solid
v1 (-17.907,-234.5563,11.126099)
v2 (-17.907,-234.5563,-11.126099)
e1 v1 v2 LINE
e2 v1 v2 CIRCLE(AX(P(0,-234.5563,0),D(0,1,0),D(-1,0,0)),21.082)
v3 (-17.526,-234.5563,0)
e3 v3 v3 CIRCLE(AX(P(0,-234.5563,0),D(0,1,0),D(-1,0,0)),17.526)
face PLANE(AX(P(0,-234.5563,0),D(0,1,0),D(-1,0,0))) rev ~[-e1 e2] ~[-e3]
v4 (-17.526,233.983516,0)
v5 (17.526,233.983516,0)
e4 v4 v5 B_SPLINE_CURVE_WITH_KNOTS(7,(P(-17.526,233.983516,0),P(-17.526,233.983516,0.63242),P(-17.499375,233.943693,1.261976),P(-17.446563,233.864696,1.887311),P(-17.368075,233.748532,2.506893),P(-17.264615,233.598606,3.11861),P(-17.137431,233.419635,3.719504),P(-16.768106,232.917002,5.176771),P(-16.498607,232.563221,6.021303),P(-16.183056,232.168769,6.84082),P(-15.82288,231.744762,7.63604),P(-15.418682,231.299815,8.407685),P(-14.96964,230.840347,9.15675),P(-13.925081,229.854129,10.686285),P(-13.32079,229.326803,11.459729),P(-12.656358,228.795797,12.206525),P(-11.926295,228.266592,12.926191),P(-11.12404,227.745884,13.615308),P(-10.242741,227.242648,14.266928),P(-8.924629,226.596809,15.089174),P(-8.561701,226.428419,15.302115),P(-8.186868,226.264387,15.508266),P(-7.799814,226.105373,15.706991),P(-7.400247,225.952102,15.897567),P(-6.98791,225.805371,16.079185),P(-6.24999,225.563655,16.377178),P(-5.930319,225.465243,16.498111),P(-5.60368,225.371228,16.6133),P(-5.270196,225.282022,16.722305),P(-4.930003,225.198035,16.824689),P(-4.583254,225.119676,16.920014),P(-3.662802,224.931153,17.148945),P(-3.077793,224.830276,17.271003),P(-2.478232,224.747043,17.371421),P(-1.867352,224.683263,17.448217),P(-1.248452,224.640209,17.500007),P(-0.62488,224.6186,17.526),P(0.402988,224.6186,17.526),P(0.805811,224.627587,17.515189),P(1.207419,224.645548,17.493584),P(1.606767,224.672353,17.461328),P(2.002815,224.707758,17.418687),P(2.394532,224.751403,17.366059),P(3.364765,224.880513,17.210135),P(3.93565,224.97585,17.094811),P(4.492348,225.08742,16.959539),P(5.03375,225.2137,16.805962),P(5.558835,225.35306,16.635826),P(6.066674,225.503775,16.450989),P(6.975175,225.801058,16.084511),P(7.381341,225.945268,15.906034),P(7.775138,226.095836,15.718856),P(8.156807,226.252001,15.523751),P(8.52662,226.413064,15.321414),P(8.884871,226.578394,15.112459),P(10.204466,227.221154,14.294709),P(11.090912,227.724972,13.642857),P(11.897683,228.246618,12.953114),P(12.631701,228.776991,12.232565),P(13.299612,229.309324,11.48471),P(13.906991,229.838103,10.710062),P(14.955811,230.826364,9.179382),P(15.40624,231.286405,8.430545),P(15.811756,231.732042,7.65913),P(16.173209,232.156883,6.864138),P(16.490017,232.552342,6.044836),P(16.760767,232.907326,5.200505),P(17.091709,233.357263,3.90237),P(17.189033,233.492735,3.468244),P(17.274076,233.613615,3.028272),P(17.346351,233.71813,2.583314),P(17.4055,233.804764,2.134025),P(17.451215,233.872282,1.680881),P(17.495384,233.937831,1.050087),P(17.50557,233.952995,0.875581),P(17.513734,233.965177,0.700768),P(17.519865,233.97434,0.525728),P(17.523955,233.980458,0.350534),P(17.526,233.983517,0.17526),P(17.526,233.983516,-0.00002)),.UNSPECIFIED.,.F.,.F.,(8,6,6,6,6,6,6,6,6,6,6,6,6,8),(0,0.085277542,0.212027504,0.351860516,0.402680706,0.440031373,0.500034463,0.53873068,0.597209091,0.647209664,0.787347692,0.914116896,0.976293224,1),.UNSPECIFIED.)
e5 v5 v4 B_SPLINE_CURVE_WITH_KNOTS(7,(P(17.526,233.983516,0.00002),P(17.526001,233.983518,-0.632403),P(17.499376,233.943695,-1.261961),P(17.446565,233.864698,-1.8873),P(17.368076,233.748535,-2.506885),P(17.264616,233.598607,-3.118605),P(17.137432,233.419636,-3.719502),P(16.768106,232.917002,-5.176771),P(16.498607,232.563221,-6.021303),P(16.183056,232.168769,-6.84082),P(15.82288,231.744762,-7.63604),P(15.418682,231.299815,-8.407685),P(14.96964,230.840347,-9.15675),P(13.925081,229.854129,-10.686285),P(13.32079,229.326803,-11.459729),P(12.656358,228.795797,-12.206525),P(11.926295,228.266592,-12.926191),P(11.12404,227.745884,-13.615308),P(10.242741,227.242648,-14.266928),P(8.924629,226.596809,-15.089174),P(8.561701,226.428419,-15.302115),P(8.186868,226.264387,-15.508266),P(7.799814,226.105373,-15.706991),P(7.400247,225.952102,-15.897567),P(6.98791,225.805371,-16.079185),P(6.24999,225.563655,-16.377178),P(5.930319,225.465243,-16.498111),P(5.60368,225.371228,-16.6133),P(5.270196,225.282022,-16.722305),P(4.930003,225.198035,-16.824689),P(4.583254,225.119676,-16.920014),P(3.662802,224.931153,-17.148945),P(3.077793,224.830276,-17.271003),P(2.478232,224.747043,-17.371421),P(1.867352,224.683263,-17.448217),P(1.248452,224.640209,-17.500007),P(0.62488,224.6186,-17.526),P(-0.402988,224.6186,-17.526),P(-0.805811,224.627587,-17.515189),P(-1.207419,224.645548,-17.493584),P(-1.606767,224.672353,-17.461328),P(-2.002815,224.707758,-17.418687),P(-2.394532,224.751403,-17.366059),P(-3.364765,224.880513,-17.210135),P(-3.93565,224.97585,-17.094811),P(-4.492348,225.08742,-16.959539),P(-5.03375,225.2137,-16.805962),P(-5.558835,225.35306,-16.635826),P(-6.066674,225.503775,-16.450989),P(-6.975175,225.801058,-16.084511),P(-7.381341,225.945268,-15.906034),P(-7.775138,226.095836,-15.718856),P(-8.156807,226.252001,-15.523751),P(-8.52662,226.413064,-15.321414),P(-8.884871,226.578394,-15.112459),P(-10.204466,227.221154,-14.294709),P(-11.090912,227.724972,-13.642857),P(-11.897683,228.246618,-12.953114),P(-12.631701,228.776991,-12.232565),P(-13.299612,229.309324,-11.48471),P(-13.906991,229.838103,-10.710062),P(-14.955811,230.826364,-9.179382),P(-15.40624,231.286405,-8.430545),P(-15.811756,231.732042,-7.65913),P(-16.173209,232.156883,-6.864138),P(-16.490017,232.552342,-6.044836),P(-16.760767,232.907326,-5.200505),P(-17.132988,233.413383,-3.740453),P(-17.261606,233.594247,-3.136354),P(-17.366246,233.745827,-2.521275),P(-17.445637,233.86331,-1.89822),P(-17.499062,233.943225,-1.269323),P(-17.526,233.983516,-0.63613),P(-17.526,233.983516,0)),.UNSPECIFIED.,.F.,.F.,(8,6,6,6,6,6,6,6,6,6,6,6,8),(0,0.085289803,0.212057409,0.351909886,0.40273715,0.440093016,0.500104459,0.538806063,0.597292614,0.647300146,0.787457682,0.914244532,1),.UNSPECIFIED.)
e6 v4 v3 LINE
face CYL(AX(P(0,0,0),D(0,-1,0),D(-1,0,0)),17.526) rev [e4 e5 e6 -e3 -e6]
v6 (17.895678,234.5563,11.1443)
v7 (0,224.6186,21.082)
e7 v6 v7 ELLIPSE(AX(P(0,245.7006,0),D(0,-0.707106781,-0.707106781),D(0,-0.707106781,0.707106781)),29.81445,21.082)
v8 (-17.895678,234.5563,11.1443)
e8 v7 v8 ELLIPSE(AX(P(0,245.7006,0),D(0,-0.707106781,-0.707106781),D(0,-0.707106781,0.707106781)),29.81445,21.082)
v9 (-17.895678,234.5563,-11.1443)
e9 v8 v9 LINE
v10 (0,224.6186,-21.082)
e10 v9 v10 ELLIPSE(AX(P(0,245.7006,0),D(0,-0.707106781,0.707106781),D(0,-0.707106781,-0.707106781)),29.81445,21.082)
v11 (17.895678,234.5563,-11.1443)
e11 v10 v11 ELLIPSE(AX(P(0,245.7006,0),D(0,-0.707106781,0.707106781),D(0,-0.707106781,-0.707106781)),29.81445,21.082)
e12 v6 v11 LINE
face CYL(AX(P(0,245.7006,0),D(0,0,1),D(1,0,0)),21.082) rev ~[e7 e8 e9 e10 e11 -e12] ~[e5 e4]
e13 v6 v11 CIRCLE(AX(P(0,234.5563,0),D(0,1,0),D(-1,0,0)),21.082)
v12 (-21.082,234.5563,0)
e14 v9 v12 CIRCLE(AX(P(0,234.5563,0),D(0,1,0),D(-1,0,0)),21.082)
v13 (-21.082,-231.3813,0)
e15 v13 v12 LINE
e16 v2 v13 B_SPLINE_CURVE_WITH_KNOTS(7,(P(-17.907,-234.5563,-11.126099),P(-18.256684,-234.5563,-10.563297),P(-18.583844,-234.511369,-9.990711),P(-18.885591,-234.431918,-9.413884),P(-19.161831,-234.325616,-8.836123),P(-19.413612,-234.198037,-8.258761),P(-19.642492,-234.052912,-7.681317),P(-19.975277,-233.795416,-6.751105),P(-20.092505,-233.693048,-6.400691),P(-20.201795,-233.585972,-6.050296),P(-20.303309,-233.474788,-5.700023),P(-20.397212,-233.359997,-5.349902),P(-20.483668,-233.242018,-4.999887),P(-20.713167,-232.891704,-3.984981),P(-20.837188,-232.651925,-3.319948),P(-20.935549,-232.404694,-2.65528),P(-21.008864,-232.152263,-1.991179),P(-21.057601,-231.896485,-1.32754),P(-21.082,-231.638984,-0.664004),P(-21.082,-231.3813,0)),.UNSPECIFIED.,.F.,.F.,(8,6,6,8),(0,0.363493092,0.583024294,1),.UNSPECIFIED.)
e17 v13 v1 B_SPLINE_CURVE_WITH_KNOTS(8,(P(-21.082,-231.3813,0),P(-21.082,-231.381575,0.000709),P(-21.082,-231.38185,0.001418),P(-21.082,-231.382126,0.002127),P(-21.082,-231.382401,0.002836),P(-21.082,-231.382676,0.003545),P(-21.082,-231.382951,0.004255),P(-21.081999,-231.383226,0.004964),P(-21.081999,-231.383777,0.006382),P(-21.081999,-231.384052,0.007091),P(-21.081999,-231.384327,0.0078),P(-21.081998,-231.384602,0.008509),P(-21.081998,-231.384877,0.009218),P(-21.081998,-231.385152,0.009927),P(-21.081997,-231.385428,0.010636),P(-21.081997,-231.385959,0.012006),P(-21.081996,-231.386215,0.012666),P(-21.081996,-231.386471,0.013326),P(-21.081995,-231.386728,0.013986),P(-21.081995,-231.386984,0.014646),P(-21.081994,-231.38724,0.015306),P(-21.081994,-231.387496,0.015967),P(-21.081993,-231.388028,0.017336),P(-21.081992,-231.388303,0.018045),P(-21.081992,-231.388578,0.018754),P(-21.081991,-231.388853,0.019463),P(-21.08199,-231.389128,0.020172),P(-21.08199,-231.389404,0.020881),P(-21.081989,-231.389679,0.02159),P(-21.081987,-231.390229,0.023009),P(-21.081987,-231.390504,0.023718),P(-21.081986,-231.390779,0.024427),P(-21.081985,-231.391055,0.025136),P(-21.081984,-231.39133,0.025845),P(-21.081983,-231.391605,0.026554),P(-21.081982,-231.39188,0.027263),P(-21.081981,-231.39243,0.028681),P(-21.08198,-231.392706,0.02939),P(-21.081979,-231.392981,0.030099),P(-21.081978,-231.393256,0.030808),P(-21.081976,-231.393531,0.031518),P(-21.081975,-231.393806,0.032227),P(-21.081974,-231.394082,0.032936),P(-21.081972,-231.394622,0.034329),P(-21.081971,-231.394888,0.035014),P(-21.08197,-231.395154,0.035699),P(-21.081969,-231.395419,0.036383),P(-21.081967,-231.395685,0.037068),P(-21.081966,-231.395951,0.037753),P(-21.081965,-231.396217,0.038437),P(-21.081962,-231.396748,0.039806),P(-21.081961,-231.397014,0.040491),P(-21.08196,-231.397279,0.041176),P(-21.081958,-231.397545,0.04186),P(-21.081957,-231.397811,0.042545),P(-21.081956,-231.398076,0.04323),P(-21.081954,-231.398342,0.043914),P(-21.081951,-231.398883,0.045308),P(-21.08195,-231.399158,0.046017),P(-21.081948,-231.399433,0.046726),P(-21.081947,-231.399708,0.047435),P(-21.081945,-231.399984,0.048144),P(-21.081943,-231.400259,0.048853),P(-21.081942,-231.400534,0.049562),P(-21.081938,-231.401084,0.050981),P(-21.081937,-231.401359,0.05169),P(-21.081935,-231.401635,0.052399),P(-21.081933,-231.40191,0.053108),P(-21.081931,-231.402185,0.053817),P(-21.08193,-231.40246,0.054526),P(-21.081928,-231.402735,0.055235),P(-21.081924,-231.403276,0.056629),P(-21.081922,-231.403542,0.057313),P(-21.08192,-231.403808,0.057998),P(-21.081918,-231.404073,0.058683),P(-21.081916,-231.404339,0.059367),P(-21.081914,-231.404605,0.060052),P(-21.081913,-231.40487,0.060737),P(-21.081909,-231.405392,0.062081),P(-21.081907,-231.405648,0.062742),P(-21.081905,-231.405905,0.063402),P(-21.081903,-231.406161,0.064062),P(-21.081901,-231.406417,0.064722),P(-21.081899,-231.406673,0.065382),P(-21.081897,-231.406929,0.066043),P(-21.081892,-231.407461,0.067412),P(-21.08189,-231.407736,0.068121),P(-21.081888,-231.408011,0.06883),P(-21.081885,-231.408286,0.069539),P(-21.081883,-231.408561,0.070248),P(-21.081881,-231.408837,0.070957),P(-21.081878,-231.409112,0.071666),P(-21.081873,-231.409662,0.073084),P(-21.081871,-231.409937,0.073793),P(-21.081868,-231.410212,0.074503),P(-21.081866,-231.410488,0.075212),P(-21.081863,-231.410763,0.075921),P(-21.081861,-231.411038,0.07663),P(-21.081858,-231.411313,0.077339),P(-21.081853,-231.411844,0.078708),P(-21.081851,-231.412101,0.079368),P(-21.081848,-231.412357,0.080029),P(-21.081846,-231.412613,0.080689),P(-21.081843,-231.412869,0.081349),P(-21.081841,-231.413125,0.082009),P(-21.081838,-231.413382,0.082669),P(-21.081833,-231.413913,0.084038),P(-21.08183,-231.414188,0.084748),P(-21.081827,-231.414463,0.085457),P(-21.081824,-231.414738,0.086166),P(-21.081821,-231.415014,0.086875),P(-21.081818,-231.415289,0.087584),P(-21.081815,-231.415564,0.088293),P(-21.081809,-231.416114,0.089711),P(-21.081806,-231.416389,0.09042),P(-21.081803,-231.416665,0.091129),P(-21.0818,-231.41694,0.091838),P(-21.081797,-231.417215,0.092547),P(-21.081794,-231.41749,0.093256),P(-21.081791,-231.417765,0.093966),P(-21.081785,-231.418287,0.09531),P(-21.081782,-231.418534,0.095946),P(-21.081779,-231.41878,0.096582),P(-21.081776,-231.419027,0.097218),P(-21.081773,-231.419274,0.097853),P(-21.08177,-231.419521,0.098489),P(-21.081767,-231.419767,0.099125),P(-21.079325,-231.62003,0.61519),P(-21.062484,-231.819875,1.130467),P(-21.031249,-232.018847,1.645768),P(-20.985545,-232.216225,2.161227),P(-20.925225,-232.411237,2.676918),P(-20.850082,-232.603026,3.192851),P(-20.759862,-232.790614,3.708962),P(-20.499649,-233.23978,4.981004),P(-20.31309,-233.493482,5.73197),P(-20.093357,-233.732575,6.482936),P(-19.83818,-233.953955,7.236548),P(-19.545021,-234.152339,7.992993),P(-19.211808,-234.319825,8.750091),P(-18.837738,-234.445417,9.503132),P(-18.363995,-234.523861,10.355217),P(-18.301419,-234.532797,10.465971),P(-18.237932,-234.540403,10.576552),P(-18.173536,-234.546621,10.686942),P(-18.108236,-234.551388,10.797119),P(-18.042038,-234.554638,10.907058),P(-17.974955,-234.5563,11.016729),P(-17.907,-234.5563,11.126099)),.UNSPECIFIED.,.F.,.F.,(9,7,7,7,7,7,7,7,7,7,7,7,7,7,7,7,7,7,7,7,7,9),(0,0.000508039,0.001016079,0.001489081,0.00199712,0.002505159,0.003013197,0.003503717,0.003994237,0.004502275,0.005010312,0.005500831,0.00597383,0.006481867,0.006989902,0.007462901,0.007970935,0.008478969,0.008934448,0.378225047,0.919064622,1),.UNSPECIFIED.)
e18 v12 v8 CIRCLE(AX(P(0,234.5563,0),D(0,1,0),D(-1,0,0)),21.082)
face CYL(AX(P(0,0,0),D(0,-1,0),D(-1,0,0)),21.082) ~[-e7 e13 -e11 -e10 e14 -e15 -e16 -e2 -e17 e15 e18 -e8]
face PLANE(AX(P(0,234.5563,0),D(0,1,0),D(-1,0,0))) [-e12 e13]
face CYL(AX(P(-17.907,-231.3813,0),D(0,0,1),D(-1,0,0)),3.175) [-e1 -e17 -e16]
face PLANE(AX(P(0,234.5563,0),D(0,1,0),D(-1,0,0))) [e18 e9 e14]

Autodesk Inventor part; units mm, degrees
ref_plane "YZ Plane" through (0, 0, 0) normal (1, 0, 0) x (0, 1, 0)
ref_plane "XZ Plane" through (0, 0, 0) normal (0, 1, 0) x (-1, 0, 0)
ref_plane "XY Plane" through (0, 0, 0) normal (0, 0, 1) x (1, 0, 0)
sketch "Sketch1" plane through (0, 0, 0) normal (0, 1, 0) x (-1, 0, 0)
  circle A0 centre (0, 0) radius 21.082
  circle A1 centre (0, 0) radius 17.526
  dimension "d0" = 42.164
  dimension "d1" = 35.052
extrude "Extrusion1" add sketch "Sketch1" along normal mid plane 469.1126
sketch "Sketch2" plane through (0, 0, 0) normal (0, 0, 1) x (1, 0, 0)
  circle A0 centre (0, 245.7006) radius 21.082
  line L0 (21.082, 234.5563) -> (-21.082, 234.5563) projected
  line L1 (-21.082, -234.5563) -> (21.082, -234.5563) projected
  line L2 (-21.082, -234.5563) -> (-21.082, 234.5563) projected
  arc A1 (-21.082, -231.3813) -> (-17.907, -234.5563) centre (-17.907, -231.3813) ccw
  point P0 (0, 0)
  dimension "d4" = 42.164
  dimension "d6" = 11.1442
  dimension "d7" = 6.35
extrude "Extrusion2" cut sketch "Sketch2" against normal through all both and the other way through all
properties part number "FE-110-002 Upright Middle Section" material "Aluminum 6061"
